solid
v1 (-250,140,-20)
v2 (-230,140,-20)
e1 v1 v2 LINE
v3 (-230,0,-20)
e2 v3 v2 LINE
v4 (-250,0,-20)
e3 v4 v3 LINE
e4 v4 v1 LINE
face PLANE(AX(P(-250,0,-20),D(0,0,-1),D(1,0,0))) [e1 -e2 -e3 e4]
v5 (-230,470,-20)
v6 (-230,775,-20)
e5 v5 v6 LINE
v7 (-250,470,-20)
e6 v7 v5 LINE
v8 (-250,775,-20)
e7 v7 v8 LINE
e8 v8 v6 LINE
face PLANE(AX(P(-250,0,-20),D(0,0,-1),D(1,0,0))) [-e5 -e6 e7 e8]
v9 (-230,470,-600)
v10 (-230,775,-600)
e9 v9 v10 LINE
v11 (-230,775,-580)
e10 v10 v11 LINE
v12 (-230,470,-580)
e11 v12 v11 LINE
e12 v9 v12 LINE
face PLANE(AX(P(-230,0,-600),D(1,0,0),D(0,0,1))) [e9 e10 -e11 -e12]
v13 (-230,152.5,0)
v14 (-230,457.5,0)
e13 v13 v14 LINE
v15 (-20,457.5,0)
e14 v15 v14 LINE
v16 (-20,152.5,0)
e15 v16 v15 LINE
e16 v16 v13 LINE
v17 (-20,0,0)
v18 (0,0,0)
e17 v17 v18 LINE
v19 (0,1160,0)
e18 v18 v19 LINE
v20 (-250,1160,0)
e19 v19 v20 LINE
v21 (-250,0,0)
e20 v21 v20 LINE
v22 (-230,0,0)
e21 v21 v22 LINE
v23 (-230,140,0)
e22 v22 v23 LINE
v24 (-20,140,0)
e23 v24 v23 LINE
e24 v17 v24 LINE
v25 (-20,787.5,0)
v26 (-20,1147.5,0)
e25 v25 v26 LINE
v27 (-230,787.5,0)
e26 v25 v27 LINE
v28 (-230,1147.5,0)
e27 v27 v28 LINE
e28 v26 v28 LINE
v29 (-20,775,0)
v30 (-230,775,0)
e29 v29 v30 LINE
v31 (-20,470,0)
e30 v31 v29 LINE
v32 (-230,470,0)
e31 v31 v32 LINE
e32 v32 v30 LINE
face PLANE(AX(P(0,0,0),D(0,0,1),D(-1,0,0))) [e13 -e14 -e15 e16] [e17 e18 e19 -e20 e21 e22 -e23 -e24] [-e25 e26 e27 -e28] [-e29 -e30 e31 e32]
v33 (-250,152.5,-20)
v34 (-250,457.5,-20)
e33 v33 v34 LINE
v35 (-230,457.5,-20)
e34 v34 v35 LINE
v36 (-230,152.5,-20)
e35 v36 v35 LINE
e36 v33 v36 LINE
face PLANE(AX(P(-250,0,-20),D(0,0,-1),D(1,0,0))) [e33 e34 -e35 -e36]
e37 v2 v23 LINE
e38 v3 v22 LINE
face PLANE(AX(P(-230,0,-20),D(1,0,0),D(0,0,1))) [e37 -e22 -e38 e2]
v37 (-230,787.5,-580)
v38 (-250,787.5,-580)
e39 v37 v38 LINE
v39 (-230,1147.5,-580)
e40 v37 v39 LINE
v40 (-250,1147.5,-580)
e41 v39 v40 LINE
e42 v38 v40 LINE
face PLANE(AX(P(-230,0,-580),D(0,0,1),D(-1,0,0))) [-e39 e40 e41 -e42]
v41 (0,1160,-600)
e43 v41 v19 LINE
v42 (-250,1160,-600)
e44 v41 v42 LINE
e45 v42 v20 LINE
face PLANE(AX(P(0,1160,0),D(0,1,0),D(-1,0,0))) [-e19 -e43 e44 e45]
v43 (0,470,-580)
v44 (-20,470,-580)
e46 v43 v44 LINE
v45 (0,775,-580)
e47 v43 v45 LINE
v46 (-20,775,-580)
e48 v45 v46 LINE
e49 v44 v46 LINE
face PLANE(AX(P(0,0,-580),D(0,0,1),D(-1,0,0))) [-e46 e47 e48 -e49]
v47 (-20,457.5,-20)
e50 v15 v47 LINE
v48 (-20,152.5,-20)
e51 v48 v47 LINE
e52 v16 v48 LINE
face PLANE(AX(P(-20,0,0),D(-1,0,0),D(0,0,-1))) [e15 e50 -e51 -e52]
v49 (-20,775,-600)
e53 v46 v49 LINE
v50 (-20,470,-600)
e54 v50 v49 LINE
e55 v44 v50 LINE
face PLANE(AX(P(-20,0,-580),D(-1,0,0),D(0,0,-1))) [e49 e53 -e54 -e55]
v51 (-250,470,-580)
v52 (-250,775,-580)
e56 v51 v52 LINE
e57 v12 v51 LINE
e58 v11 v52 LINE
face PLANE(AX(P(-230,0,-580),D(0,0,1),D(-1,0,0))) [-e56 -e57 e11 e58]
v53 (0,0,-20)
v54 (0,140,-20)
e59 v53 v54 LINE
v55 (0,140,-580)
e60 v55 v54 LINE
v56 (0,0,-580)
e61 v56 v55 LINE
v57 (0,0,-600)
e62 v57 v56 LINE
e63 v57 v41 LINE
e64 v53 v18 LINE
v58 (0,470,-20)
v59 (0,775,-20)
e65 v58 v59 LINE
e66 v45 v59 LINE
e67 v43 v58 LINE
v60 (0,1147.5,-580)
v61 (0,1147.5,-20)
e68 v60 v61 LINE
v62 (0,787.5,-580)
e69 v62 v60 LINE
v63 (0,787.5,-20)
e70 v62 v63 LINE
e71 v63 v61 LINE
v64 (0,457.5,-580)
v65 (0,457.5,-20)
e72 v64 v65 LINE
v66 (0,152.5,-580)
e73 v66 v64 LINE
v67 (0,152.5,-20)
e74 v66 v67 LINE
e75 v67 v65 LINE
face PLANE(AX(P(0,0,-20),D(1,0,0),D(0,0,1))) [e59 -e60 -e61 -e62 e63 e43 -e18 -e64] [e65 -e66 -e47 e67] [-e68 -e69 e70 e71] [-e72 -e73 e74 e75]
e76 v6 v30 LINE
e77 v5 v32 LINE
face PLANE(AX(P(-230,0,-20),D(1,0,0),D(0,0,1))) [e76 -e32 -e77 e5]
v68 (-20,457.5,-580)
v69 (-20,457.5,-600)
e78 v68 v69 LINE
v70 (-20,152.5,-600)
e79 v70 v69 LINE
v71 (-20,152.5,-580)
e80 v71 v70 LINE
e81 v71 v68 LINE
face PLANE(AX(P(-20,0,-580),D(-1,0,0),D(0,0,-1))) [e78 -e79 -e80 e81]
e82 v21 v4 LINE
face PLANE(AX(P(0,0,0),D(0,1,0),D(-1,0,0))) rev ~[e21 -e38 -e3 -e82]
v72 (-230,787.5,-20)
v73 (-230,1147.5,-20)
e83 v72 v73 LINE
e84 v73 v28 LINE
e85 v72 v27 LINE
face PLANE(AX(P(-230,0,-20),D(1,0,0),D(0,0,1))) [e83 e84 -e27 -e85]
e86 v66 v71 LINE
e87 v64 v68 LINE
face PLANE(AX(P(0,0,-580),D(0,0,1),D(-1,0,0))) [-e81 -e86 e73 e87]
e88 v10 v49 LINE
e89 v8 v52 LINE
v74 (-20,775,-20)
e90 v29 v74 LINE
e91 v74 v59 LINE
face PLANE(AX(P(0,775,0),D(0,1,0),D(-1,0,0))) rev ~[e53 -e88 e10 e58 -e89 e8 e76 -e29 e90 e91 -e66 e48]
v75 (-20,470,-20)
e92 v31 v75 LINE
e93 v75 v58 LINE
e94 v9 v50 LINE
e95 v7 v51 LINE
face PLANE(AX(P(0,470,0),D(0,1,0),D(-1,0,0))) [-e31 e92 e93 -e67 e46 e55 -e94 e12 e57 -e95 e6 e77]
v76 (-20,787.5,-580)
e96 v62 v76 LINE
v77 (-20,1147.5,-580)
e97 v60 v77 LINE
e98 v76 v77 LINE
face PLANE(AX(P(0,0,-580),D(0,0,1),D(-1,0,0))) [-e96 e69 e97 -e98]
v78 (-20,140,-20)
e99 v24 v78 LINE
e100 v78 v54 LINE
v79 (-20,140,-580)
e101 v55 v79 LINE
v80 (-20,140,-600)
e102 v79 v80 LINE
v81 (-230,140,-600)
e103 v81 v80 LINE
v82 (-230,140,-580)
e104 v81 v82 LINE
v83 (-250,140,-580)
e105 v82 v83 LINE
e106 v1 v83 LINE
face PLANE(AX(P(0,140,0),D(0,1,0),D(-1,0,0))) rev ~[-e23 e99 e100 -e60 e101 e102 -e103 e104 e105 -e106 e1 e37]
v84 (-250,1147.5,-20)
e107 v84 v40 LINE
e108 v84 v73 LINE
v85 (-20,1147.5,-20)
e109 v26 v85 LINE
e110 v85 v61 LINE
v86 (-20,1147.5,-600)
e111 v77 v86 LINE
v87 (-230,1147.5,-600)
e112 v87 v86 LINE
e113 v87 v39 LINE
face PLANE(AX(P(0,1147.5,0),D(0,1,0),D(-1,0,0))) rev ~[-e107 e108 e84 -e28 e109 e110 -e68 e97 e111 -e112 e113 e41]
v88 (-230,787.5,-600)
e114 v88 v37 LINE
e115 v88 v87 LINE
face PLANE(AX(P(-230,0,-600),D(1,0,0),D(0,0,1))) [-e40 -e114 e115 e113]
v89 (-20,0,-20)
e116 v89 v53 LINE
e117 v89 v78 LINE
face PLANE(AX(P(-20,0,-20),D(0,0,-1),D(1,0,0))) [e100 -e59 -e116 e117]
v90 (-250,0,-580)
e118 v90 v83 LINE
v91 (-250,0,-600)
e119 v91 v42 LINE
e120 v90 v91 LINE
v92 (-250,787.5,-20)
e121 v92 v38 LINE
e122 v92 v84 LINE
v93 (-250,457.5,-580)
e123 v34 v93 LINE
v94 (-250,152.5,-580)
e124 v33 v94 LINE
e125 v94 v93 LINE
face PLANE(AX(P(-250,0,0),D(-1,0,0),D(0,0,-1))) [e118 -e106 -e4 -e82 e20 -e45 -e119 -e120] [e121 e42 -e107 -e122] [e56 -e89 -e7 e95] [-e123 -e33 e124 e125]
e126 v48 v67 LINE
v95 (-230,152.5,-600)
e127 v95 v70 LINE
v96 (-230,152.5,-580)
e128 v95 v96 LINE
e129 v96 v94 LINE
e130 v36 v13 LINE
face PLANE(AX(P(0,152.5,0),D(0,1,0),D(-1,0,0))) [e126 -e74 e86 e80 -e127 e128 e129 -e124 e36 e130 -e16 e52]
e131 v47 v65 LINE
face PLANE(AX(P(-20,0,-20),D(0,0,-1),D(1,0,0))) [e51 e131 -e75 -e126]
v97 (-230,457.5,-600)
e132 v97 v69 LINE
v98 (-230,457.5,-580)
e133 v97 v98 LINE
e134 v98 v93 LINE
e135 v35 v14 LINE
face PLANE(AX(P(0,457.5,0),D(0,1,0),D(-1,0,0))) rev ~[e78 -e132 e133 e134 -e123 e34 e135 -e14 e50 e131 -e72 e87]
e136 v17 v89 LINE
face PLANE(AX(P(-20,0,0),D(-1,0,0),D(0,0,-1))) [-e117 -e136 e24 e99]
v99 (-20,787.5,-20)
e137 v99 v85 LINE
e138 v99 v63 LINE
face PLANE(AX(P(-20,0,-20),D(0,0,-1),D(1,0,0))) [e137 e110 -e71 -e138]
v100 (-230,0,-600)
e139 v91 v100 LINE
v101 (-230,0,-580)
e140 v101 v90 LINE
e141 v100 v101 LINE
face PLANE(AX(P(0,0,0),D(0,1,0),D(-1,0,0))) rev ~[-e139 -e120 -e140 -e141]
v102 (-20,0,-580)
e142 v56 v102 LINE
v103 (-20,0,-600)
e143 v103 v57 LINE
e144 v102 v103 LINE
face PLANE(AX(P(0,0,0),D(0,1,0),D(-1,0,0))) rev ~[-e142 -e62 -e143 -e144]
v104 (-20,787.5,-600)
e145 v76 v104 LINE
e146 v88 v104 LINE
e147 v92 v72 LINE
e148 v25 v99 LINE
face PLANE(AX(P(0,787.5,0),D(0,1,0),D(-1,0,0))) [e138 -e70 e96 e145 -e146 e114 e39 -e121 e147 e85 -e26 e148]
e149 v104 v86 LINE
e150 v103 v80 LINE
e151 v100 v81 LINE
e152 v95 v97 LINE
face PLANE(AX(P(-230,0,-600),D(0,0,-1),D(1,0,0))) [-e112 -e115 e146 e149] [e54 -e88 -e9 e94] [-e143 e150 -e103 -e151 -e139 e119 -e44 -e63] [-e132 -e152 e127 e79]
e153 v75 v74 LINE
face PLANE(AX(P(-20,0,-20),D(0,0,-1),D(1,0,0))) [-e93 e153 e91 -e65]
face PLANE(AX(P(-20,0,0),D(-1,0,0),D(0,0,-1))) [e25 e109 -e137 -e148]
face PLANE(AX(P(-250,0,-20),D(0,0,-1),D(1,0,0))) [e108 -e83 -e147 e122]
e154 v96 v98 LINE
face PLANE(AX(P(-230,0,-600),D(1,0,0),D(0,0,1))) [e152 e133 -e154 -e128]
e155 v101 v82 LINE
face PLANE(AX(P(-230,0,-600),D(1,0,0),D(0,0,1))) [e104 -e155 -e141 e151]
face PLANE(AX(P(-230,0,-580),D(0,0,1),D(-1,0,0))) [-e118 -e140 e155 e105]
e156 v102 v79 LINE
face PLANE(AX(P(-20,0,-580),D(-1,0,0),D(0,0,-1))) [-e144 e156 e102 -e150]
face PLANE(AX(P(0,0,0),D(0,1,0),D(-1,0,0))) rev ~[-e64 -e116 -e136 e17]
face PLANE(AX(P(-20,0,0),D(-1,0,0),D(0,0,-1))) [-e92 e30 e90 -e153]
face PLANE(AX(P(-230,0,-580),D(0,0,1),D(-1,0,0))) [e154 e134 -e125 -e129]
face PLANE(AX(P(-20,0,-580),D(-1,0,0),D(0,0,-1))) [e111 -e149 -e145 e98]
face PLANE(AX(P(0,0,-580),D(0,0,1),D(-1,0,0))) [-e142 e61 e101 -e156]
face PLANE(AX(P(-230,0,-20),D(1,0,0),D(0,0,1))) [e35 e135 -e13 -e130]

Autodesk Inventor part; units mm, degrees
ref_plane "YZ Plane" through (0, 0, 0) normal (1, 0, 0) x (0, 1, 0)
ref_plane "XZ Plane" through (0, 0, 0) normal (0, 1, 0) x (-1, 0, 0)
ref_plane "XY Plane" through (0, 0, 0) normal (0, 0, 1) x (1, 0, 0)
sketch "Boceto1" plane through (0, 0, 0) normal (0, 1, 0) x (-1, 0, 0)
  line L0 (0, 0) -> (250, 0)
  line L1 (250, 0) -> (250, -600)
  line L2 (250, -600) -> (0, -600)
  line L3 (0, -600) -> (0, 0)
  line L4 (250, 0) -> (250, -20)
  line L5 (250, -20) -> (0, -20)
  line L6 (0, 0) -> (20, 0)
  line L7 (20, 0) -> (20, -600)
  line L8 (0, -600) -> (0, -580)
  line L9 (0, -580) -> (250, -580)
  line L10 (250, -600) -> (230, -600)
  line L11 (230, -600) -> (230, 0)
  point P0 (20, -20)
  point P1 (20, -580)
  point P2 (230, -580)
  point P3 (230, -20)
  dimension "d0" = 250
  dimension "d1" = 600
  dimension "d2" = 20
  dimension "d3" = 20
  dimension "d4" = 20
  dimension "d5" = 20
extrude "Extrusión1" add sketch "Boceto1" along normal blind 1160 contours L0 L7 L5 L3 | L0 L1 L5 L11 | L9 L7 L2 L3 | L9 L1 L2 L11
extrude "Extrusión2" add sketch "Boceto1" along normal blind 1160 contours L0 L11 L5 L7 | L5 L7 L9 L3 | L5 L11 L9 L7 | L5 L1 L9 L11 | L9 L11 L2 L7
extrude "Extrusión3" cut sketch "Boceto1" along normal blind 1147.5 contours L0 L11 L5 L7 | L5 L7 L9 L3 | L5 L11 L9 L7 | L5 L1 L9 L11 | L9 L11 L2 L7
extrude "Extrusión4" add sketch "Boceto1" along normal blind 787.5 contours L0 L11 L5 L7 | L5 L7 L9 L3 | L5 L11 L9 L7 | L5 L1 L9 L11 | L9 L11 L2 L7
extrude "Extrusión5" cut sketch "Boceto1" along normal blind 775 contours L0 L11 L5 L7 | L5 L7 L9 L3 | L5 L11 L9 L7 | L5 L1 L9 L11 | L9 L11 L2 L7
extrude "Extrusión6" add sketch "Boceto1" along normal blind 470 contours L0 L11 L5 L7 | L5 L7 L9 L3 | L5 L11 L9 L7 | L5 L1 L9 L11 | L9 L11 L2 L7
extrude "Extrusión7" cut sketch "Boceto1" along normal blind 457.5 contours L0 L11 L5 L7 | L5 L7 L9 L3 | L5 L11 L9 L7 | L5 L1 L9 L11 | L9 L11 L2 L7
extrude "Extrusión8" add sketch "Boceto1" along normal blind 152.5 contours L0 L11 L5 L7 | L5 L7 L9 L3 | L5 L11 L9 L7 | L5 L1 L9 L11 | L9 L11 L2 L7
extrude "Extrusión9" cut sketch "Boceto1" along normal blind 140 contours L0 L11 L5 L7 | L5 L7 L9 L3 | L5 L11 L9 L7 | L5 L1 L9 L11 | L9 L11 L2 L7
